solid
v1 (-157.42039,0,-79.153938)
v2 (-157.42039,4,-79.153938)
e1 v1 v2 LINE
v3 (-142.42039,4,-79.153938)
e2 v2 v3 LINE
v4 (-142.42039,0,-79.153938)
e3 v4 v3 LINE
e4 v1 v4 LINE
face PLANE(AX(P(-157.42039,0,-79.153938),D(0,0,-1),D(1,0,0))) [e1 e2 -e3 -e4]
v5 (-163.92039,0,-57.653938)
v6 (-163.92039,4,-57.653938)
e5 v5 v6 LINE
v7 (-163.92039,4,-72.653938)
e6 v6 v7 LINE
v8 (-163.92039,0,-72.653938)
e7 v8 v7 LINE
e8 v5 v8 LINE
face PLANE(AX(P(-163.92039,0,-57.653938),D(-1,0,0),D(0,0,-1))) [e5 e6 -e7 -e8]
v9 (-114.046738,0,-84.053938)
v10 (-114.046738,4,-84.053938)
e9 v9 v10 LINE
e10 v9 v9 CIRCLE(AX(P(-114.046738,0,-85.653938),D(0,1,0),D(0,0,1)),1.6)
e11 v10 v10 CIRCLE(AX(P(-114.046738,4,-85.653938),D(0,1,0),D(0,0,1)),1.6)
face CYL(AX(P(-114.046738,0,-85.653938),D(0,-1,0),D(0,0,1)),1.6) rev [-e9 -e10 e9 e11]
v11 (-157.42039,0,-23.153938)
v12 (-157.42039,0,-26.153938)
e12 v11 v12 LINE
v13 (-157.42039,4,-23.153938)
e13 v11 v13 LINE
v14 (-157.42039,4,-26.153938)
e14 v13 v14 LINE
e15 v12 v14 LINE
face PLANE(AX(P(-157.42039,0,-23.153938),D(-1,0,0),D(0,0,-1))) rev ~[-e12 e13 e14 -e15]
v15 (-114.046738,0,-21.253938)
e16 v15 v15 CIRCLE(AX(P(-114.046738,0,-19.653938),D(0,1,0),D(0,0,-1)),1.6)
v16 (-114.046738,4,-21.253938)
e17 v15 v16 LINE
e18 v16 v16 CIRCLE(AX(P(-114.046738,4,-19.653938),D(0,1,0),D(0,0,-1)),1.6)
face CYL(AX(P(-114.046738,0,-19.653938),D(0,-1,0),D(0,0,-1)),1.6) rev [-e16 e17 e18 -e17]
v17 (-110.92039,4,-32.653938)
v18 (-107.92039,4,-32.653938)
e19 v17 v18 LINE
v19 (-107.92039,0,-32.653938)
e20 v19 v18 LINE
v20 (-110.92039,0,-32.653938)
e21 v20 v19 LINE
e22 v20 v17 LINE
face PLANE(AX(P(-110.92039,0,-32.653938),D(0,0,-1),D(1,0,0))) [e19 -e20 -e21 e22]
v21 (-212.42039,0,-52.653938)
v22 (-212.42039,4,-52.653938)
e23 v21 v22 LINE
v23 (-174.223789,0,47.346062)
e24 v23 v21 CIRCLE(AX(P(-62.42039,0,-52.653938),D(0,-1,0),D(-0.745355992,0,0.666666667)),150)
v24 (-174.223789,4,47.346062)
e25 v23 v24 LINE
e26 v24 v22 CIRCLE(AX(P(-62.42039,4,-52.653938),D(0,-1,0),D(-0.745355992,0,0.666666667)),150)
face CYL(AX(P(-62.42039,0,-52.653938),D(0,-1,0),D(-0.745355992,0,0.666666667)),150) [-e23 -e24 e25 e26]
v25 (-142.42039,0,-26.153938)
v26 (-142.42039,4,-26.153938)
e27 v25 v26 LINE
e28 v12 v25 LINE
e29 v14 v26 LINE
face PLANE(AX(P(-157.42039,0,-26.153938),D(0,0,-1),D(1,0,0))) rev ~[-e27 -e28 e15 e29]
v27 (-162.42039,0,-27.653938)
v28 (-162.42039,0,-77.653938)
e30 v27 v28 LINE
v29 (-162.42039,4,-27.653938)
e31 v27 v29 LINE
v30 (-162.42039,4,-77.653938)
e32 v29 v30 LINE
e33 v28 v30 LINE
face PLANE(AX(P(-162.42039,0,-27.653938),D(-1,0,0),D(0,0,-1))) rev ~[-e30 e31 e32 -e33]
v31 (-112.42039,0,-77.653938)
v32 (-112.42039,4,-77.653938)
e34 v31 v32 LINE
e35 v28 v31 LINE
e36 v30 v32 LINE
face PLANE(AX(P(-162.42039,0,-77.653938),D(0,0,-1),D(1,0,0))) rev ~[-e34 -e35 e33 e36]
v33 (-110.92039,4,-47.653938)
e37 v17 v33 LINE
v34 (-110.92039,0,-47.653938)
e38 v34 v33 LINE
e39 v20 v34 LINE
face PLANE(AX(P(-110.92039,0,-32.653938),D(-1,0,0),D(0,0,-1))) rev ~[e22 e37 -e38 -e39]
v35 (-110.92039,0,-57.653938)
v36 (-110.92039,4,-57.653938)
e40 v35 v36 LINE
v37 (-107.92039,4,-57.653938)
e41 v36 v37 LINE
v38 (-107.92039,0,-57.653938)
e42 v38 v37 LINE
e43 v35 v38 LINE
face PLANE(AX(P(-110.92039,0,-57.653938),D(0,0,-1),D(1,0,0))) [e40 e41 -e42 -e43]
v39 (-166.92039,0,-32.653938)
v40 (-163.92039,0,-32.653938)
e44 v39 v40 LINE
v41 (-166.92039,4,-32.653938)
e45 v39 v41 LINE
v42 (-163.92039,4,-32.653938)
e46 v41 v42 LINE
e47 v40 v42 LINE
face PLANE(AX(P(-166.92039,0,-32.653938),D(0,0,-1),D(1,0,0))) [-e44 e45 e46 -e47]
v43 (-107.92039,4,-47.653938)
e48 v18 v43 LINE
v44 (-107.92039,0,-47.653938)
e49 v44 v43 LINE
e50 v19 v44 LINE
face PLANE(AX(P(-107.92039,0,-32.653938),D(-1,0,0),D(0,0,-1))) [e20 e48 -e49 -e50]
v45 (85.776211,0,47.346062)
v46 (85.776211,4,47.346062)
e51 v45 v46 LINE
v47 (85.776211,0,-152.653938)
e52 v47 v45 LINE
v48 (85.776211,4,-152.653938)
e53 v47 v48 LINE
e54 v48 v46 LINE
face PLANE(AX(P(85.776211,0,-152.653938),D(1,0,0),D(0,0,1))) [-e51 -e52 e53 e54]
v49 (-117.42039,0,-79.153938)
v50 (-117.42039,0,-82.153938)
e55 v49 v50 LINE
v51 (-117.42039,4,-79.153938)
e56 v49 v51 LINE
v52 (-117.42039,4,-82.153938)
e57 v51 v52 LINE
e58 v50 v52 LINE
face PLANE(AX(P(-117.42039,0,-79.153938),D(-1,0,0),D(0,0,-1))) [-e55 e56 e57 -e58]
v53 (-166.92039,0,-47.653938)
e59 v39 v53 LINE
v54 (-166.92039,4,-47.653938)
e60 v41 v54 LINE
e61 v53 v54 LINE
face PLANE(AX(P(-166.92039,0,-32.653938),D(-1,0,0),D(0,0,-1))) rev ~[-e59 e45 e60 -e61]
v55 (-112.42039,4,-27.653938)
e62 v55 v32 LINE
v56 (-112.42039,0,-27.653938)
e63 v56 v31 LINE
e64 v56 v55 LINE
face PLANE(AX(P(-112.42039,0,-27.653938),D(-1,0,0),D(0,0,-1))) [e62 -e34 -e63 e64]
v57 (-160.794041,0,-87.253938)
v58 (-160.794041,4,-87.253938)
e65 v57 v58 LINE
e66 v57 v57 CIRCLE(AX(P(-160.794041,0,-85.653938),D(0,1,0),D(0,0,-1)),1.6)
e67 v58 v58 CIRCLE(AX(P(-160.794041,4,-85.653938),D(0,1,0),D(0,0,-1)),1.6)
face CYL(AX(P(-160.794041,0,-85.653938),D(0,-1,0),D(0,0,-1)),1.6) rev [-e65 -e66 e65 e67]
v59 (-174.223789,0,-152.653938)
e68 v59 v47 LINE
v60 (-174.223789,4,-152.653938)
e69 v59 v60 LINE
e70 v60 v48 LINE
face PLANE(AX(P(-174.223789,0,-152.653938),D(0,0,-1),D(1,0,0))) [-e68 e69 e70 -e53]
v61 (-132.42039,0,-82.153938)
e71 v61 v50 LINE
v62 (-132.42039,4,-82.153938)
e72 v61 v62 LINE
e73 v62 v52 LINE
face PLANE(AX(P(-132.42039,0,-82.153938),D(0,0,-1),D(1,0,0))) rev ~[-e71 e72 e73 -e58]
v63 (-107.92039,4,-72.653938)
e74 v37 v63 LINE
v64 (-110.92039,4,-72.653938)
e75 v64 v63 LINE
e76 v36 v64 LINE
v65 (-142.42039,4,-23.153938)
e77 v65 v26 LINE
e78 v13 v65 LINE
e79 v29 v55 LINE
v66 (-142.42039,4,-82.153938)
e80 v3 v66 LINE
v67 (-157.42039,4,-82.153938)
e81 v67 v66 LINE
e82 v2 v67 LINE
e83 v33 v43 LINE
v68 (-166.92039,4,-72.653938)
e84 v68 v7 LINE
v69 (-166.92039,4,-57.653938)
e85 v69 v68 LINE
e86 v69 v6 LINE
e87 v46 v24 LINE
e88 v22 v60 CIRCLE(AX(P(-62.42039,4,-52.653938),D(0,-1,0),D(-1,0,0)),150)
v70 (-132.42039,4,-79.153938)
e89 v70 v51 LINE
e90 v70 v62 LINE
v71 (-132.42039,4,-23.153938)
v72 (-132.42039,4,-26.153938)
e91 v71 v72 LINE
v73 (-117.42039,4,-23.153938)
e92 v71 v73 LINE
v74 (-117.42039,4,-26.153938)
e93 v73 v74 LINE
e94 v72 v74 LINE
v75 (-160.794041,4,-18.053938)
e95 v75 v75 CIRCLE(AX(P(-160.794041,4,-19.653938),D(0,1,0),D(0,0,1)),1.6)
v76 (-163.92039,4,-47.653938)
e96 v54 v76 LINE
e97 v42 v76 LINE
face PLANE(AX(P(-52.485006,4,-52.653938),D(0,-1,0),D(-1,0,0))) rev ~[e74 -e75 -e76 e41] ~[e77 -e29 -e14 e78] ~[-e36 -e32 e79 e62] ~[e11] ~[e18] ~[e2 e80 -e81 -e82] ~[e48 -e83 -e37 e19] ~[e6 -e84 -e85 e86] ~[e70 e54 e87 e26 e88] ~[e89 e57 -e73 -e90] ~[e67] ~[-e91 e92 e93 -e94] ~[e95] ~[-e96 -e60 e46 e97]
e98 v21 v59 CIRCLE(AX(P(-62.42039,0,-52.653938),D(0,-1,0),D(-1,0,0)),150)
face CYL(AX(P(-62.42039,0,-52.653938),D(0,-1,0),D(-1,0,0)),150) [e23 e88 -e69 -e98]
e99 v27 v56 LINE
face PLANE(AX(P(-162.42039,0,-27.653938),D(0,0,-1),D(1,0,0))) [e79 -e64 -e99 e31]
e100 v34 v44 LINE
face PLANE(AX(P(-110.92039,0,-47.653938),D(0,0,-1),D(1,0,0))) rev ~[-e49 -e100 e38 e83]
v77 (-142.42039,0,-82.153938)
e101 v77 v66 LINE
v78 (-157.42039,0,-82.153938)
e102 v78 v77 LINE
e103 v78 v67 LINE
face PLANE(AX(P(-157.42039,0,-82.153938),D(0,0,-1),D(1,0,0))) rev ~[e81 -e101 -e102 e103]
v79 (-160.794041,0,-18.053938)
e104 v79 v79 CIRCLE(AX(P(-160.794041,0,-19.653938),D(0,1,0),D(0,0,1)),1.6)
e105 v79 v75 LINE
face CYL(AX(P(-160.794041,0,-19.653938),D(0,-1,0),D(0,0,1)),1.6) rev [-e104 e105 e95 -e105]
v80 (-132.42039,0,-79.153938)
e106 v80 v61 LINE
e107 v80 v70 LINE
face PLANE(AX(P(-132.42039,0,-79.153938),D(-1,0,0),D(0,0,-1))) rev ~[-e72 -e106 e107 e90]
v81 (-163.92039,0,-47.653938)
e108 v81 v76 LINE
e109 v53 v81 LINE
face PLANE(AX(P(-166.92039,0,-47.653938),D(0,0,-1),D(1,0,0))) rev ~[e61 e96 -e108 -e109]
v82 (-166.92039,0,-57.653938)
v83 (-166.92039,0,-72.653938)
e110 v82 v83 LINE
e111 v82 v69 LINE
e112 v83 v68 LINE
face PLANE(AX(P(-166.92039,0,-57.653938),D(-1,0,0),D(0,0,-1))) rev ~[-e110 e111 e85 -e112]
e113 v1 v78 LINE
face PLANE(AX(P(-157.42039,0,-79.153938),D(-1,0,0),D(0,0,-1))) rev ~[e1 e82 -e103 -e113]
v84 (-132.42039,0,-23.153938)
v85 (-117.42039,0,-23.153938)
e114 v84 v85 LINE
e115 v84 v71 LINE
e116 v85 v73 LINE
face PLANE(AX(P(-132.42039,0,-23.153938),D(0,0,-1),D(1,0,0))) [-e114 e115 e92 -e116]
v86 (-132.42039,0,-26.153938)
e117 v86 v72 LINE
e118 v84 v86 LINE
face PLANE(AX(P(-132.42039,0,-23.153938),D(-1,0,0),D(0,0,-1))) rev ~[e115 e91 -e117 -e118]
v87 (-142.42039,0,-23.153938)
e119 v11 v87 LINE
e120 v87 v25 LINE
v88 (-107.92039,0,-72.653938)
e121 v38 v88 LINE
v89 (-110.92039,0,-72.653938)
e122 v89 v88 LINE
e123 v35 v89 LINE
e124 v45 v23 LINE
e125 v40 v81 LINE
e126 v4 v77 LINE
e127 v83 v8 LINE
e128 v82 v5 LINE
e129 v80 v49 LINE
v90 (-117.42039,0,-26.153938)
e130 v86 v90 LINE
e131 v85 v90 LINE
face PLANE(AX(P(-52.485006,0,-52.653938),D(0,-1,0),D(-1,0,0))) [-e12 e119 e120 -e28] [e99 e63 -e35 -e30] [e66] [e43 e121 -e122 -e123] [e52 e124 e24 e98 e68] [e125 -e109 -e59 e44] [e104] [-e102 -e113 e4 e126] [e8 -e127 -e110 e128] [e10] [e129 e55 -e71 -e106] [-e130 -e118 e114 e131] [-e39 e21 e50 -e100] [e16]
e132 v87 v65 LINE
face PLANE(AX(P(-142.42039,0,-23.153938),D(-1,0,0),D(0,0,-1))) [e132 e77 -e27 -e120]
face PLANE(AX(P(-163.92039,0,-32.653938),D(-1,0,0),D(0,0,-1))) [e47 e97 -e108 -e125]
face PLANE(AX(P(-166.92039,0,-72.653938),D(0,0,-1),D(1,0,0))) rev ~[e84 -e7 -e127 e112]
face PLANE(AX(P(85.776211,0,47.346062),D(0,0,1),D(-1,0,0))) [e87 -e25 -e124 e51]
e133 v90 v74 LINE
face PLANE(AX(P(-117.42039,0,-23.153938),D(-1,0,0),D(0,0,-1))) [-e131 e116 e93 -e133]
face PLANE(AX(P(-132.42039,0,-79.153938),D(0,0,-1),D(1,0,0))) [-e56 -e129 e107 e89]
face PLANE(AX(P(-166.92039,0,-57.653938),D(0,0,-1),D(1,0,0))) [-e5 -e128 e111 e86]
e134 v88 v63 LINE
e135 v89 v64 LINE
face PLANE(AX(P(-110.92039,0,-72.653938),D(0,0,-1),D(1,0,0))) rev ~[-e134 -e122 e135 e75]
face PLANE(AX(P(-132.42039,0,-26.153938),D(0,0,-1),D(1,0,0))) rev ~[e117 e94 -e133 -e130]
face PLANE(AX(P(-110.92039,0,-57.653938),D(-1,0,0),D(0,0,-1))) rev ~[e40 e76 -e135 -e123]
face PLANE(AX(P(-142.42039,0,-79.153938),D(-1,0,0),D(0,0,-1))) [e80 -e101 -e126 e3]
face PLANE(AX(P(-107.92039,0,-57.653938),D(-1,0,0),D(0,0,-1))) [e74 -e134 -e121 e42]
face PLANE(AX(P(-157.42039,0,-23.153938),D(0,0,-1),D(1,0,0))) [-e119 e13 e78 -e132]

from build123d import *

# Parameters (mm, degrees)
SKETCH1_R           = 1.6
SKETCH1_W           = 50
SKETCH1_H           = 50
SKETCH1_W_2         = 15
SKETCH1_H_2         = 3
SKETCH1_W_3         = 3
SKETCH1_H_3         = 15
BOSS_EXTRUDE1_DEPTH = 4


with BuildPart() as part:
    # Sketch1 → Boss-Extrude1 (new body)
    with BuildSketch(Plane(origin=(37.559096252, 0, 0), x_dir=(1, 0, 0), z_dir=(0, 1, 0))):
        with BuildLine():
            Line((48.217114977, 152.653937947), (48.217114977, -47.346062053))
            Line((48.217114977, -47.346062053), (-211.782885023, -47.346062053))
            ThreePointArc((-211.782885023, -47.346062053), (-240.105339993, -0.869375518), (-249.979486148, 52.653937947))
            ThreePointArc((-249.979486148, 52.653937947), (-240.105339993, 106.177251413), (-211.782885023, 152.653937947))
            Line((-211.782885023, 152.653937947), (48.217114977, 152.653937947))
        make_face()
        with Locations(Location((-198.353137603, 19.653937947, 0), (0, 0, 270))):
            Circle(SKETCH1_R, mode=Mode.SUBTRACT)
        with Locations(Location((-151.605834694, 19.653937947, 0), (0, 0, 90))):
            Circle(SKETCH1_R, mode=Mode.SUBTRACT)
        with Locations(Location((-198.353137603, 85.653937947, 0), (0, 0, 90))):
            Circle(SKETCH1_R, mode=Mode.SUBTRACT)
        with Locations(Location((-151.605834694, 85.653937947, 0), (0, 0, 270))):
            Circle(SKETCH1_R, mode=Mode.SUBTRACT)
        with Locations((-174.979486148, 52.653937947)):
            Rectangle(SKETCH1_W, SKETCH1_H, mode=Mode.SUBTRACT)
        with Locations((-187.479486148, 80.653937947)):
            Rectangle(SKETCH1_W_2, SKETCH1_H_2, mode=Mode.SUBTRACT)
        with Locations((-187.479486148, 24.653937947)):
            Rectangle(SKETCH1_W_2, SKETCH1_H_2, mode=Mode.SUBTRACT)
        with Locations((-162.479486148, 24.653937947)):
            Rectangle(SKETCH1_W_2, SKETCH1_H_2, mode=Mode.SUBTRACT)
        with Locations((-162.479486148, 80.653937947)):
            Rectangle(SKETCH1_W_2, SKETCH1_H_2, mode=Mode.SUBTRACT)
        with Locations((-146.979486148, 40.153937947)):
            Rectangle(SKETCH1_W_3, SKETCH1_H_3, mode=Mode.SUBTRACT)
        with Locations((-146.979486148, 65.153937947)):
            Rectangle(SKETCH1_W_3, SKETCH1_H_3, mode=Mode.SUBTRACT)
        with Locations((-202.979486148, 40.153937947)):
            Rectangle(SKETCH1_W_3, SKETCH1_H_3, mode=Mode.SUBTRACT)
        with Locations((-202.979486148, 65.153937947)):
            Rectangle(SKETCH1_W_3, SKETCH1_H_3, mode=Mode.SUBTRACT)
    extrude(amount=BOSS_EXTRUDE1_DEPTH)


solid = part.part
